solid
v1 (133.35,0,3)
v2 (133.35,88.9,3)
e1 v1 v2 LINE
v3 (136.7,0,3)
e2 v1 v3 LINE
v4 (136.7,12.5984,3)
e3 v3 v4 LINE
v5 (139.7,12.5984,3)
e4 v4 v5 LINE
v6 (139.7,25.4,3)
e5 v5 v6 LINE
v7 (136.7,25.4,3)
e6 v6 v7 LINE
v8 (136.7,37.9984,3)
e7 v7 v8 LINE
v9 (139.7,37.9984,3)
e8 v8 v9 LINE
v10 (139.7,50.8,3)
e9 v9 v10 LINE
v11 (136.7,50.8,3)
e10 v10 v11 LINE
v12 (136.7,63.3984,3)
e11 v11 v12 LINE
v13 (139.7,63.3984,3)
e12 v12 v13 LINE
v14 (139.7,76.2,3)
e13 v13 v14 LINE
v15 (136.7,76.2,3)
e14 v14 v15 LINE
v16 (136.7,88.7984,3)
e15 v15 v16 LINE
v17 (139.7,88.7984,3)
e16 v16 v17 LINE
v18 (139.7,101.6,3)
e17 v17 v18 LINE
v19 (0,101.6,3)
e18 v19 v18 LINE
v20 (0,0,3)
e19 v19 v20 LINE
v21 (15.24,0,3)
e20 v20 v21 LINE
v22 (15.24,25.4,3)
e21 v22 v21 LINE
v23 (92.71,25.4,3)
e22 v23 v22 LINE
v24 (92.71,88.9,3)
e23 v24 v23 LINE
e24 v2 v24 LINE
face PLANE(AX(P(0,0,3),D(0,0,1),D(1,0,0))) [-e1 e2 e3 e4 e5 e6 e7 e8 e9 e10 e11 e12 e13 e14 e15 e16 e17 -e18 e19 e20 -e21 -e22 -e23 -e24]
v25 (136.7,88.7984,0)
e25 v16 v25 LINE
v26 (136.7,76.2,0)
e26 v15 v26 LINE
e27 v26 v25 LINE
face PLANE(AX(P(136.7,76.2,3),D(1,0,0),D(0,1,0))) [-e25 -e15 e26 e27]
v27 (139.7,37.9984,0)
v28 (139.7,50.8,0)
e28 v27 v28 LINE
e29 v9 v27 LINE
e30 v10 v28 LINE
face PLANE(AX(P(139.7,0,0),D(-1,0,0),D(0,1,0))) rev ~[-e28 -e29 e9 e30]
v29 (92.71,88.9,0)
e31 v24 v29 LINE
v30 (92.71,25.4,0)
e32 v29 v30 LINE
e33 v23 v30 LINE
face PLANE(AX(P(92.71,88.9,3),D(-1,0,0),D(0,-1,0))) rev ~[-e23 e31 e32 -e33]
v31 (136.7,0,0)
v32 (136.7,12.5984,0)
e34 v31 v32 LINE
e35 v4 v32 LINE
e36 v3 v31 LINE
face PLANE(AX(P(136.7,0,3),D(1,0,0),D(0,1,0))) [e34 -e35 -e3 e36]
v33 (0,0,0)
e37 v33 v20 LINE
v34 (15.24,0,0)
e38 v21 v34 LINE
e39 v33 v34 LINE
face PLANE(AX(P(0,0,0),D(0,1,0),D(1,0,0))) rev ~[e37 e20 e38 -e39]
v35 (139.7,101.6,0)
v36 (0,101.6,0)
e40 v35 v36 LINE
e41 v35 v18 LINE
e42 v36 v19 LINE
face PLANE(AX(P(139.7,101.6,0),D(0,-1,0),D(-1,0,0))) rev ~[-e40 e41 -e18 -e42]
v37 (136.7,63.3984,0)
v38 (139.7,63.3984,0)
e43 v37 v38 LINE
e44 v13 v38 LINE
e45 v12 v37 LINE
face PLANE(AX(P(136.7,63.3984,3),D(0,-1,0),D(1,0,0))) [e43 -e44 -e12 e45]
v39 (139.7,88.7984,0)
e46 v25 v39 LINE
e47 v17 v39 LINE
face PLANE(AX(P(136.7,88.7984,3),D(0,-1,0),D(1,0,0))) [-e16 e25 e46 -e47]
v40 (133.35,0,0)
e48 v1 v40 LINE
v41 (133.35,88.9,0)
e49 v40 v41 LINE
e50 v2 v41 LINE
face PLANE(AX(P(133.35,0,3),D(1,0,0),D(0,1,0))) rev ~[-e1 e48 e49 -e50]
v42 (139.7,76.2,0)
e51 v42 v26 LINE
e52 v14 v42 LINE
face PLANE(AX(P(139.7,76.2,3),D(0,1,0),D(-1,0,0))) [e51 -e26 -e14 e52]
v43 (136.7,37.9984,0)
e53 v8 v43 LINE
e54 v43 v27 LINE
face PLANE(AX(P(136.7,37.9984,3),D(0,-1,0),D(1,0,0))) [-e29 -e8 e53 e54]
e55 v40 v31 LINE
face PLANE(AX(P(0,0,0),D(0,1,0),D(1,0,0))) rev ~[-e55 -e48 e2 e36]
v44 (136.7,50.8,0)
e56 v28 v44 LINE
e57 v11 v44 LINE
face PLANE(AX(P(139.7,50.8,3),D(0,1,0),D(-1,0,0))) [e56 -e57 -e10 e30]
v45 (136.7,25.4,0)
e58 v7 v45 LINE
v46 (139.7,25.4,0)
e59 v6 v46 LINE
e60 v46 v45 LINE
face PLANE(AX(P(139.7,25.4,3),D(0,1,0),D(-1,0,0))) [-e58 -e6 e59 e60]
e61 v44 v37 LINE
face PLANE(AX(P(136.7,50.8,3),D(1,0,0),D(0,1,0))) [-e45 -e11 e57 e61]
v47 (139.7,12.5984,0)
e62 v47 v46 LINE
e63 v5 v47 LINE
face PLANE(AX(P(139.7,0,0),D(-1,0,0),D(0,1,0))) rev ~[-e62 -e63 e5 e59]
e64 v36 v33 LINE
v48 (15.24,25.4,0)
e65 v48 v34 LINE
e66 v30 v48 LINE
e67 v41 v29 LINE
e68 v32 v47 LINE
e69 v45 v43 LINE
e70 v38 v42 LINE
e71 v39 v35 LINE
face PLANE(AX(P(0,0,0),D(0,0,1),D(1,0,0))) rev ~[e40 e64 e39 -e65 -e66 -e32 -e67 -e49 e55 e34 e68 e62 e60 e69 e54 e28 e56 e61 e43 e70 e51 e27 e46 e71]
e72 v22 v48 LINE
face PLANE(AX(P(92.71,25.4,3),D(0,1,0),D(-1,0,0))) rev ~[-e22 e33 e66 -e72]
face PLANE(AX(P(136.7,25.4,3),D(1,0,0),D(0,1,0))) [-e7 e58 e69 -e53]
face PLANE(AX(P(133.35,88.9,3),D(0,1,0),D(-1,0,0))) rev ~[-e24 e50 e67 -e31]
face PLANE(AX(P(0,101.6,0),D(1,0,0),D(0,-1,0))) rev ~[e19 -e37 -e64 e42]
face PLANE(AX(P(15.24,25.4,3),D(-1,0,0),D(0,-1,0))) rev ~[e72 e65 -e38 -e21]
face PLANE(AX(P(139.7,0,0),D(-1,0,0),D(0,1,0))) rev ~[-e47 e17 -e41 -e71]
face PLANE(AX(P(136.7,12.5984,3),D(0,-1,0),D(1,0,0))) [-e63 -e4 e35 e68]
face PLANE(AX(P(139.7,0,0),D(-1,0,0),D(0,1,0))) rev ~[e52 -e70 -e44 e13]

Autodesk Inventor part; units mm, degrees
ref_plane "YZ Plane" through (0, 0, 0) normal (1, 0, 0) x (0, 1, 0)
ref_plane "XZ Plane" through (0, 0, 0) normal (0, 1, 0) x (-1, 0, 0)
ref_plane "XY Plane" through (0, 0, 0) normal (0, 0, 1) x (1, 0, 0)
sketch "Sketch1" plane through (0, 0, 0) normal (0, 0, 1) x (1, 0, 0)
  line L0 (0, 0) -> (139.7, 0)
  line L1 (139.7, 0) -> (139.7, 101.6)
  line L2 (139.7, 101.6) -> (0, 101.6)
  line L3 (0, 101.6) -> (0, 0)
  dimension "d0" = 139.7
  dimension "d1" = 101.6
extrude "Extrusion1" add sketch "Sketch1" along normal blind 3
sketch "Sketch2" plane through (0, 0, 3) normal (0, 0, 1) x (1, 0, 0)
  line L0 (0, 0) -> (139.7, 0) projected
  line L1 (92.71, 0) -> (133.35, 0)
  line L2 (133.35, 0) -> (133.35, 88.9)
  line L3 (133.35, 88.9) -> (92.71, 88.9)
  line L4 (92.71, 88.9) -> (92.71, 0)
  line L5 (139.7, 0) -> (139.7, 101.6) projected
  dimension "d4" = 88.9
  dimension "d5" = 6.35
  dimension "d6" = 40.64
extrude "Extrusion2" cut sketch "Sketch2" against normal blind 3.5
sketch "Sketch3" plane through (0, 0, 3) normal (0, 0, 1) x (1, 0, 0)
  line L0 (15.24, 0) -> (92.71, 0)
  line L1 (92.71, 0) -> (92.71, 25.4)
  line L2 (92.71, 25.4) -> (15.24, 25.4)
  line L3 (15.24, 25.4) -> (15.24, 0)
  line L4 (133.35, 88.9) -> (133.35, 0) projected
  line L5 (133.35, 0) -> (139.7, 0) projected
  line L6 (139.7, 0) -> (139.7, 101.6) projected
  line L7 (139.7, 101.6) -> (0, 101.6) projected
  line L8 (0, 101.6) -> (0, 0) projected
  line L9 (0, 0) -> (92.71, 0) projected
  line L10 (92.71, 0) -> (92.71, 88.9) projected
  line L11 (92.71, 88.9) -> (133.35, 88.9) projected
  dimension "d9" = 25.4
  dimension "d10" = 0
  dimension "d12" = 0
  dimension "d15" = 15.24
extrude "Extrusion3" cut sketch "Sketch3" against normal blind 3.5 contours L3 L2 L1 L0
sketch "Sketch5" plane through (0, 0, 3) normal (0, 0, 1) x (1, 0, 0)
  line L0 (15.24, 0) -> (15.24, 25.4) projected
  line L1 (15.24, 25.4) -> (92.71, 25.4) projected
  line L2 (92.71, 25.4) -> (92.71, 88.9) projected
  line L3 (92.71, 88.9) -> (133.35, 88.9) projected
  line L4 (133.35, 88.9) -> (133.35, 0) projected
  line L5 (133.35, 0) -> (139.7, 0) projected
  line L6 (139.7, 0) -> (139.7, 101.6) projected
  line L7 (139.7, 101.6) -> (0, 101.6) projected
  line L8 (0, 101.6) -> (0, 0) projected
  line L9 (0, 0) -> (15.24, 0) projected
  line L10 (139.7, 0) -> (136.7, 0)
  line L11 (136.7, 0) -> (136.7, 12.5984)
  line L12 (136.7, 12.5984) -> (139.7, 12.5984)
  line L13 (139.7, 12.5984) -> (139.7, 0)
  line L14 (136.7, 25.4) -> (136.7, 37.9984)
  line L15 (136.7, 37.9984) -> (139.7, 37.9984)
  line L16 (139.7, 25.4) -> (136.7, 25.4)
  line L17 (139.7, 37.9984) -> (139.7, 25.4)
  line L18 (136.7, 50.8) -> (136.7, 63.3984)
  line L19 (136.7, 63.3984) -> (139.7, 63.3984)
  line L20 (139.7, 50.8) -> (136.7, 50.8)
  line L21 (139.7, 63.3984) -> (139.7, 50.8)
  line L22 (136.7, 76.2) -> (136.7, 88.7984)
  line L23 (136.7, 88.7984) -> (139.7, 88.7984)
  line L24 (139.7, 76.2) -> (136.7, 76.2)
  line L25 (139.7, 88.7984) -> (139.7, 76.2)
  line L26 (136.7, 101.6) -> (136.7, 114.1984)
  line L27 (136.7, 114.1984) -> (139.7, 114.1984)
  line L28 (139.7, 101.6) -> (136.7, 101.6)
  line L29 (139.7, 114.1984) -> (139.7, 101.6)
  dimension "d27" = 3
  dimension "d28" = 12.5984
  dimension "d31" = 25.4
extrude "Extrusion5" cut sketch "Sketch5" against normal blind 3 contours L26 L27 L29 L7 | L6 L24 L22 L23 | L11 L12 L6 L5 | L6 L20 L18 L19 | L16 L14 L15 L6
properties part number "CANIMDWall"
